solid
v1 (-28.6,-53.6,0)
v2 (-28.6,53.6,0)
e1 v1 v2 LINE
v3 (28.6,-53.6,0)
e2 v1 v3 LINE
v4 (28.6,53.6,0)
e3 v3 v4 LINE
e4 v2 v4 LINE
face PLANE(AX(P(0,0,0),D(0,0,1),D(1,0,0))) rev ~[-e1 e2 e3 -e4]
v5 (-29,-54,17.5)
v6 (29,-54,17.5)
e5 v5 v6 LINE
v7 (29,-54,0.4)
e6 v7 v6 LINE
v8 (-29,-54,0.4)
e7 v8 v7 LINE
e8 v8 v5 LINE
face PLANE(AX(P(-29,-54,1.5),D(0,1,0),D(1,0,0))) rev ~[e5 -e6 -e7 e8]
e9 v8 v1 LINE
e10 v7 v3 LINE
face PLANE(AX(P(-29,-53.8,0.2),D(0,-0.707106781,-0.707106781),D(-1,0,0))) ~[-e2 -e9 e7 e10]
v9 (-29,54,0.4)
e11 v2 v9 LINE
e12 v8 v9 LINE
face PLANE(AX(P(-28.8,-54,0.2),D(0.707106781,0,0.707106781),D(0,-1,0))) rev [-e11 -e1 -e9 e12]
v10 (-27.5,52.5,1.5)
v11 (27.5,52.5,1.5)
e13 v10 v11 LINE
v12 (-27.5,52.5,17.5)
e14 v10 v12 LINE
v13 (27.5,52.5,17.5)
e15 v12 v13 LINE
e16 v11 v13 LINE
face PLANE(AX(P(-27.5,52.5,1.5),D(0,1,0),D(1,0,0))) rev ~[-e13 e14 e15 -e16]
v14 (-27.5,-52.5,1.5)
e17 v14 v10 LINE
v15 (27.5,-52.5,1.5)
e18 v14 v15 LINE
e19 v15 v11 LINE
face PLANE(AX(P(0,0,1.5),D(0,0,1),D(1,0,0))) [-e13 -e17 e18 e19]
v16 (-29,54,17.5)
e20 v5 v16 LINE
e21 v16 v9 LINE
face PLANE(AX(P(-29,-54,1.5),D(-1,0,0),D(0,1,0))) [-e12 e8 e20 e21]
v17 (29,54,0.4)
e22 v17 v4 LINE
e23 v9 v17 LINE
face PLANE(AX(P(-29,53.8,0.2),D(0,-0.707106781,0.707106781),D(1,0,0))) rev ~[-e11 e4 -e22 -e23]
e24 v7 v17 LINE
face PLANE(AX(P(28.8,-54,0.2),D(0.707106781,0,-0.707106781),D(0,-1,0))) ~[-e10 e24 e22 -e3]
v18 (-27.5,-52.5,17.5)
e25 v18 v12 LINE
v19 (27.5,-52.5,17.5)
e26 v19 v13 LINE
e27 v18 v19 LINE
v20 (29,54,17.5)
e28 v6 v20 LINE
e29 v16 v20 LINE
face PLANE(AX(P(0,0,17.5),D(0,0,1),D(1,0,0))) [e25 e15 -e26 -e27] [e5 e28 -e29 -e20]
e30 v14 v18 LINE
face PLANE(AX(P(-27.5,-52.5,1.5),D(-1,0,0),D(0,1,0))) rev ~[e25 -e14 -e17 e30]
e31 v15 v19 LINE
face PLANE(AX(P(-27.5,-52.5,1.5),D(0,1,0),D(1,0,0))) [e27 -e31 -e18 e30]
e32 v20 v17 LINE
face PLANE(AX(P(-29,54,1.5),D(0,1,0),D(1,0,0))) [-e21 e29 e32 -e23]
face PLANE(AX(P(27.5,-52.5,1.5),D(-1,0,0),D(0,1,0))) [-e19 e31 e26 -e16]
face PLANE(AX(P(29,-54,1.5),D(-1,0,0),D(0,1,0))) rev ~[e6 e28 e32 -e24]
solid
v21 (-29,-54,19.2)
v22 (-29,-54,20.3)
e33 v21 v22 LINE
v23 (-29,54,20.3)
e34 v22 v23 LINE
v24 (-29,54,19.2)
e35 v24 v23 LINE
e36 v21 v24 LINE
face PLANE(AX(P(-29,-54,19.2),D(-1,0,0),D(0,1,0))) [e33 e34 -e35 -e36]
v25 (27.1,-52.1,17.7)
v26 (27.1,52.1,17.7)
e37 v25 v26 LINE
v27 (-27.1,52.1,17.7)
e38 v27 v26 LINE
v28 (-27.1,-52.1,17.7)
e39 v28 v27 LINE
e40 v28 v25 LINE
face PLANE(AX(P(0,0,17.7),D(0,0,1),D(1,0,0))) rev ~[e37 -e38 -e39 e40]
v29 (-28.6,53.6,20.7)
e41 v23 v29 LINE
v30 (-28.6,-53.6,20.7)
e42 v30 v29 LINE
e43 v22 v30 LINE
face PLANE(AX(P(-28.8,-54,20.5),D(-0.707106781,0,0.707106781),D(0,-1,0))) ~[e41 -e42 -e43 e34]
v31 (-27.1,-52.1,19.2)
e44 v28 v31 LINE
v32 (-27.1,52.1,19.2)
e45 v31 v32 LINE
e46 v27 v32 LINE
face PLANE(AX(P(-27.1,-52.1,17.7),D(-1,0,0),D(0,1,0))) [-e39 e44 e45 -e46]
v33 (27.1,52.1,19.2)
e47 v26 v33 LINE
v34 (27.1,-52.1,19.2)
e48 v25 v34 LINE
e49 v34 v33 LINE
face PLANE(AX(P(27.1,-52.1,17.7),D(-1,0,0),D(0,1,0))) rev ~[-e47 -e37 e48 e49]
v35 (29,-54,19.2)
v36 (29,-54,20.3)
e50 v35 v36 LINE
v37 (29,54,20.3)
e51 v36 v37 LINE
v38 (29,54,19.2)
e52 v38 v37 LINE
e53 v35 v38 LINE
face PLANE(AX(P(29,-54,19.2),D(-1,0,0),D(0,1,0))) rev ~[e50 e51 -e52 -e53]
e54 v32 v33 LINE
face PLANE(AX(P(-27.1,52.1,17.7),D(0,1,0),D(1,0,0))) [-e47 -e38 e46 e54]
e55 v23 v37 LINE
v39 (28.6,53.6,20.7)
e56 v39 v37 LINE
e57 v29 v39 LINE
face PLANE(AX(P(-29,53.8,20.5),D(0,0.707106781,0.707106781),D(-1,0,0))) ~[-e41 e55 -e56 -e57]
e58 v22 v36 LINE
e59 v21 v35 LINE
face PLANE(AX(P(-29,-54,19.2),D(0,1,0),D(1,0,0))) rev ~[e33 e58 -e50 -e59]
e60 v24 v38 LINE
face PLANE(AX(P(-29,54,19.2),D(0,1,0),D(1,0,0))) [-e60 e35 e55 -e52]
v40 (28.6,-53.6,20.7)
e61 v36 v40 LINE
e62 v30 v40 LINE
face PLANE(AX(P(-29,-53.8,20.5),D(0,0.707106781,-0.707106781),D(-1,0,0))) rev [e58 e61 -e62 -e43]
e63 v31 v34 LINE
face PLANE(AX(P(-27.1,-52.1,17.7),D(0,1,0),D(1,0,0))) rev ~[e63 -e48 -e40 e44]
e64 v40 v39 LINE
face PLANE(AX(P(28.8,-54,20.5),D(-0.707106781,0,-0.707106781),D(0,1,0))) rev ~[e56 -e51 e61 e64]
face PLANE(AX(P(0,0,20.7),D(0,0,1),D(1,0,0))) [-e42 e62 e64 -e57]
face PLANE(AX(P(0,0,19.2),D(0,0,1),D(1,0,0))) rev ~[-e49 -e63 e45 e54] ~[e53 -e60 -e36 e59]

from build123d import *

# Parameters (mm, degrees)
F0_W      = 58
F0_H      = 108
F1_DEPTH  = 1.5
F2_W      = 58
F2_H      = 108
F2_W_2    = 55
F2_H_2    = 105
F3_DEPTH  = 16
F5_W      = 54.2
F5_H      = 104.2
F6_DEPTH  = 1.5
F7_W      = 58
F7_H      = 108
F8_DEPTH  = 1.5
F9_SIZE   = 0.4
F9_2_SIZE = 0.4


with BuildPart() as f1:
    # F0 (on Top) → F1 (new body)
    with BuildSketch(Plane.XY):
        Rectangle(F0_W, F0_H)
    extrude(amount=F1_DEPTH)

    # F2 (on face) → F3 (join)
    with BuildSketch(Plane.XY.offset(1.5)):
        Rectangle(F2_W, F2_H)
        Rectangle(F2_W_2, F2_H_2, mode=Mode.SUBTRACT)
    extrude(amount=F3_DEPTH)

    # F9#2
    f9_2_edges = [f1.edges().sort_by_distance(p)[0] for p in [
        (0, -54, 0),
        (29, 0, 0),
        (0, 54, 0),
        (-29, 0, 0),
    ]]
    chamfer(f9_2_edges, length=F9_2_SIZE)


with BuildPart() as f6:
    # F5 (on offset) → F6 (new body)
    with BuildSketch(Plane.XY.offset(17.7)):
        Rectangle(F5_W, F5_H)
    extrude(amount=F6_DEPTH)

    # F7 (on face) → F8 (join)
    with BuildSketch(Plane.XY.offset(19.2)):
        Rectangle(F7_W, F7_H)
    extrude(amount=F8_DEPTH)

    # F9
    f9_edges = [f6.edges().sort_by_distance(p)[0] for p in [
        (0, -54, 20.7),
        (29, 0, 20.7),
        (0, 54, 20.7),
        (-29, 0, 20.7),
    ]]
    chamfer(f9_edges, length=F9_SIZE)


solid = Compound([f1.part, f6.part])
